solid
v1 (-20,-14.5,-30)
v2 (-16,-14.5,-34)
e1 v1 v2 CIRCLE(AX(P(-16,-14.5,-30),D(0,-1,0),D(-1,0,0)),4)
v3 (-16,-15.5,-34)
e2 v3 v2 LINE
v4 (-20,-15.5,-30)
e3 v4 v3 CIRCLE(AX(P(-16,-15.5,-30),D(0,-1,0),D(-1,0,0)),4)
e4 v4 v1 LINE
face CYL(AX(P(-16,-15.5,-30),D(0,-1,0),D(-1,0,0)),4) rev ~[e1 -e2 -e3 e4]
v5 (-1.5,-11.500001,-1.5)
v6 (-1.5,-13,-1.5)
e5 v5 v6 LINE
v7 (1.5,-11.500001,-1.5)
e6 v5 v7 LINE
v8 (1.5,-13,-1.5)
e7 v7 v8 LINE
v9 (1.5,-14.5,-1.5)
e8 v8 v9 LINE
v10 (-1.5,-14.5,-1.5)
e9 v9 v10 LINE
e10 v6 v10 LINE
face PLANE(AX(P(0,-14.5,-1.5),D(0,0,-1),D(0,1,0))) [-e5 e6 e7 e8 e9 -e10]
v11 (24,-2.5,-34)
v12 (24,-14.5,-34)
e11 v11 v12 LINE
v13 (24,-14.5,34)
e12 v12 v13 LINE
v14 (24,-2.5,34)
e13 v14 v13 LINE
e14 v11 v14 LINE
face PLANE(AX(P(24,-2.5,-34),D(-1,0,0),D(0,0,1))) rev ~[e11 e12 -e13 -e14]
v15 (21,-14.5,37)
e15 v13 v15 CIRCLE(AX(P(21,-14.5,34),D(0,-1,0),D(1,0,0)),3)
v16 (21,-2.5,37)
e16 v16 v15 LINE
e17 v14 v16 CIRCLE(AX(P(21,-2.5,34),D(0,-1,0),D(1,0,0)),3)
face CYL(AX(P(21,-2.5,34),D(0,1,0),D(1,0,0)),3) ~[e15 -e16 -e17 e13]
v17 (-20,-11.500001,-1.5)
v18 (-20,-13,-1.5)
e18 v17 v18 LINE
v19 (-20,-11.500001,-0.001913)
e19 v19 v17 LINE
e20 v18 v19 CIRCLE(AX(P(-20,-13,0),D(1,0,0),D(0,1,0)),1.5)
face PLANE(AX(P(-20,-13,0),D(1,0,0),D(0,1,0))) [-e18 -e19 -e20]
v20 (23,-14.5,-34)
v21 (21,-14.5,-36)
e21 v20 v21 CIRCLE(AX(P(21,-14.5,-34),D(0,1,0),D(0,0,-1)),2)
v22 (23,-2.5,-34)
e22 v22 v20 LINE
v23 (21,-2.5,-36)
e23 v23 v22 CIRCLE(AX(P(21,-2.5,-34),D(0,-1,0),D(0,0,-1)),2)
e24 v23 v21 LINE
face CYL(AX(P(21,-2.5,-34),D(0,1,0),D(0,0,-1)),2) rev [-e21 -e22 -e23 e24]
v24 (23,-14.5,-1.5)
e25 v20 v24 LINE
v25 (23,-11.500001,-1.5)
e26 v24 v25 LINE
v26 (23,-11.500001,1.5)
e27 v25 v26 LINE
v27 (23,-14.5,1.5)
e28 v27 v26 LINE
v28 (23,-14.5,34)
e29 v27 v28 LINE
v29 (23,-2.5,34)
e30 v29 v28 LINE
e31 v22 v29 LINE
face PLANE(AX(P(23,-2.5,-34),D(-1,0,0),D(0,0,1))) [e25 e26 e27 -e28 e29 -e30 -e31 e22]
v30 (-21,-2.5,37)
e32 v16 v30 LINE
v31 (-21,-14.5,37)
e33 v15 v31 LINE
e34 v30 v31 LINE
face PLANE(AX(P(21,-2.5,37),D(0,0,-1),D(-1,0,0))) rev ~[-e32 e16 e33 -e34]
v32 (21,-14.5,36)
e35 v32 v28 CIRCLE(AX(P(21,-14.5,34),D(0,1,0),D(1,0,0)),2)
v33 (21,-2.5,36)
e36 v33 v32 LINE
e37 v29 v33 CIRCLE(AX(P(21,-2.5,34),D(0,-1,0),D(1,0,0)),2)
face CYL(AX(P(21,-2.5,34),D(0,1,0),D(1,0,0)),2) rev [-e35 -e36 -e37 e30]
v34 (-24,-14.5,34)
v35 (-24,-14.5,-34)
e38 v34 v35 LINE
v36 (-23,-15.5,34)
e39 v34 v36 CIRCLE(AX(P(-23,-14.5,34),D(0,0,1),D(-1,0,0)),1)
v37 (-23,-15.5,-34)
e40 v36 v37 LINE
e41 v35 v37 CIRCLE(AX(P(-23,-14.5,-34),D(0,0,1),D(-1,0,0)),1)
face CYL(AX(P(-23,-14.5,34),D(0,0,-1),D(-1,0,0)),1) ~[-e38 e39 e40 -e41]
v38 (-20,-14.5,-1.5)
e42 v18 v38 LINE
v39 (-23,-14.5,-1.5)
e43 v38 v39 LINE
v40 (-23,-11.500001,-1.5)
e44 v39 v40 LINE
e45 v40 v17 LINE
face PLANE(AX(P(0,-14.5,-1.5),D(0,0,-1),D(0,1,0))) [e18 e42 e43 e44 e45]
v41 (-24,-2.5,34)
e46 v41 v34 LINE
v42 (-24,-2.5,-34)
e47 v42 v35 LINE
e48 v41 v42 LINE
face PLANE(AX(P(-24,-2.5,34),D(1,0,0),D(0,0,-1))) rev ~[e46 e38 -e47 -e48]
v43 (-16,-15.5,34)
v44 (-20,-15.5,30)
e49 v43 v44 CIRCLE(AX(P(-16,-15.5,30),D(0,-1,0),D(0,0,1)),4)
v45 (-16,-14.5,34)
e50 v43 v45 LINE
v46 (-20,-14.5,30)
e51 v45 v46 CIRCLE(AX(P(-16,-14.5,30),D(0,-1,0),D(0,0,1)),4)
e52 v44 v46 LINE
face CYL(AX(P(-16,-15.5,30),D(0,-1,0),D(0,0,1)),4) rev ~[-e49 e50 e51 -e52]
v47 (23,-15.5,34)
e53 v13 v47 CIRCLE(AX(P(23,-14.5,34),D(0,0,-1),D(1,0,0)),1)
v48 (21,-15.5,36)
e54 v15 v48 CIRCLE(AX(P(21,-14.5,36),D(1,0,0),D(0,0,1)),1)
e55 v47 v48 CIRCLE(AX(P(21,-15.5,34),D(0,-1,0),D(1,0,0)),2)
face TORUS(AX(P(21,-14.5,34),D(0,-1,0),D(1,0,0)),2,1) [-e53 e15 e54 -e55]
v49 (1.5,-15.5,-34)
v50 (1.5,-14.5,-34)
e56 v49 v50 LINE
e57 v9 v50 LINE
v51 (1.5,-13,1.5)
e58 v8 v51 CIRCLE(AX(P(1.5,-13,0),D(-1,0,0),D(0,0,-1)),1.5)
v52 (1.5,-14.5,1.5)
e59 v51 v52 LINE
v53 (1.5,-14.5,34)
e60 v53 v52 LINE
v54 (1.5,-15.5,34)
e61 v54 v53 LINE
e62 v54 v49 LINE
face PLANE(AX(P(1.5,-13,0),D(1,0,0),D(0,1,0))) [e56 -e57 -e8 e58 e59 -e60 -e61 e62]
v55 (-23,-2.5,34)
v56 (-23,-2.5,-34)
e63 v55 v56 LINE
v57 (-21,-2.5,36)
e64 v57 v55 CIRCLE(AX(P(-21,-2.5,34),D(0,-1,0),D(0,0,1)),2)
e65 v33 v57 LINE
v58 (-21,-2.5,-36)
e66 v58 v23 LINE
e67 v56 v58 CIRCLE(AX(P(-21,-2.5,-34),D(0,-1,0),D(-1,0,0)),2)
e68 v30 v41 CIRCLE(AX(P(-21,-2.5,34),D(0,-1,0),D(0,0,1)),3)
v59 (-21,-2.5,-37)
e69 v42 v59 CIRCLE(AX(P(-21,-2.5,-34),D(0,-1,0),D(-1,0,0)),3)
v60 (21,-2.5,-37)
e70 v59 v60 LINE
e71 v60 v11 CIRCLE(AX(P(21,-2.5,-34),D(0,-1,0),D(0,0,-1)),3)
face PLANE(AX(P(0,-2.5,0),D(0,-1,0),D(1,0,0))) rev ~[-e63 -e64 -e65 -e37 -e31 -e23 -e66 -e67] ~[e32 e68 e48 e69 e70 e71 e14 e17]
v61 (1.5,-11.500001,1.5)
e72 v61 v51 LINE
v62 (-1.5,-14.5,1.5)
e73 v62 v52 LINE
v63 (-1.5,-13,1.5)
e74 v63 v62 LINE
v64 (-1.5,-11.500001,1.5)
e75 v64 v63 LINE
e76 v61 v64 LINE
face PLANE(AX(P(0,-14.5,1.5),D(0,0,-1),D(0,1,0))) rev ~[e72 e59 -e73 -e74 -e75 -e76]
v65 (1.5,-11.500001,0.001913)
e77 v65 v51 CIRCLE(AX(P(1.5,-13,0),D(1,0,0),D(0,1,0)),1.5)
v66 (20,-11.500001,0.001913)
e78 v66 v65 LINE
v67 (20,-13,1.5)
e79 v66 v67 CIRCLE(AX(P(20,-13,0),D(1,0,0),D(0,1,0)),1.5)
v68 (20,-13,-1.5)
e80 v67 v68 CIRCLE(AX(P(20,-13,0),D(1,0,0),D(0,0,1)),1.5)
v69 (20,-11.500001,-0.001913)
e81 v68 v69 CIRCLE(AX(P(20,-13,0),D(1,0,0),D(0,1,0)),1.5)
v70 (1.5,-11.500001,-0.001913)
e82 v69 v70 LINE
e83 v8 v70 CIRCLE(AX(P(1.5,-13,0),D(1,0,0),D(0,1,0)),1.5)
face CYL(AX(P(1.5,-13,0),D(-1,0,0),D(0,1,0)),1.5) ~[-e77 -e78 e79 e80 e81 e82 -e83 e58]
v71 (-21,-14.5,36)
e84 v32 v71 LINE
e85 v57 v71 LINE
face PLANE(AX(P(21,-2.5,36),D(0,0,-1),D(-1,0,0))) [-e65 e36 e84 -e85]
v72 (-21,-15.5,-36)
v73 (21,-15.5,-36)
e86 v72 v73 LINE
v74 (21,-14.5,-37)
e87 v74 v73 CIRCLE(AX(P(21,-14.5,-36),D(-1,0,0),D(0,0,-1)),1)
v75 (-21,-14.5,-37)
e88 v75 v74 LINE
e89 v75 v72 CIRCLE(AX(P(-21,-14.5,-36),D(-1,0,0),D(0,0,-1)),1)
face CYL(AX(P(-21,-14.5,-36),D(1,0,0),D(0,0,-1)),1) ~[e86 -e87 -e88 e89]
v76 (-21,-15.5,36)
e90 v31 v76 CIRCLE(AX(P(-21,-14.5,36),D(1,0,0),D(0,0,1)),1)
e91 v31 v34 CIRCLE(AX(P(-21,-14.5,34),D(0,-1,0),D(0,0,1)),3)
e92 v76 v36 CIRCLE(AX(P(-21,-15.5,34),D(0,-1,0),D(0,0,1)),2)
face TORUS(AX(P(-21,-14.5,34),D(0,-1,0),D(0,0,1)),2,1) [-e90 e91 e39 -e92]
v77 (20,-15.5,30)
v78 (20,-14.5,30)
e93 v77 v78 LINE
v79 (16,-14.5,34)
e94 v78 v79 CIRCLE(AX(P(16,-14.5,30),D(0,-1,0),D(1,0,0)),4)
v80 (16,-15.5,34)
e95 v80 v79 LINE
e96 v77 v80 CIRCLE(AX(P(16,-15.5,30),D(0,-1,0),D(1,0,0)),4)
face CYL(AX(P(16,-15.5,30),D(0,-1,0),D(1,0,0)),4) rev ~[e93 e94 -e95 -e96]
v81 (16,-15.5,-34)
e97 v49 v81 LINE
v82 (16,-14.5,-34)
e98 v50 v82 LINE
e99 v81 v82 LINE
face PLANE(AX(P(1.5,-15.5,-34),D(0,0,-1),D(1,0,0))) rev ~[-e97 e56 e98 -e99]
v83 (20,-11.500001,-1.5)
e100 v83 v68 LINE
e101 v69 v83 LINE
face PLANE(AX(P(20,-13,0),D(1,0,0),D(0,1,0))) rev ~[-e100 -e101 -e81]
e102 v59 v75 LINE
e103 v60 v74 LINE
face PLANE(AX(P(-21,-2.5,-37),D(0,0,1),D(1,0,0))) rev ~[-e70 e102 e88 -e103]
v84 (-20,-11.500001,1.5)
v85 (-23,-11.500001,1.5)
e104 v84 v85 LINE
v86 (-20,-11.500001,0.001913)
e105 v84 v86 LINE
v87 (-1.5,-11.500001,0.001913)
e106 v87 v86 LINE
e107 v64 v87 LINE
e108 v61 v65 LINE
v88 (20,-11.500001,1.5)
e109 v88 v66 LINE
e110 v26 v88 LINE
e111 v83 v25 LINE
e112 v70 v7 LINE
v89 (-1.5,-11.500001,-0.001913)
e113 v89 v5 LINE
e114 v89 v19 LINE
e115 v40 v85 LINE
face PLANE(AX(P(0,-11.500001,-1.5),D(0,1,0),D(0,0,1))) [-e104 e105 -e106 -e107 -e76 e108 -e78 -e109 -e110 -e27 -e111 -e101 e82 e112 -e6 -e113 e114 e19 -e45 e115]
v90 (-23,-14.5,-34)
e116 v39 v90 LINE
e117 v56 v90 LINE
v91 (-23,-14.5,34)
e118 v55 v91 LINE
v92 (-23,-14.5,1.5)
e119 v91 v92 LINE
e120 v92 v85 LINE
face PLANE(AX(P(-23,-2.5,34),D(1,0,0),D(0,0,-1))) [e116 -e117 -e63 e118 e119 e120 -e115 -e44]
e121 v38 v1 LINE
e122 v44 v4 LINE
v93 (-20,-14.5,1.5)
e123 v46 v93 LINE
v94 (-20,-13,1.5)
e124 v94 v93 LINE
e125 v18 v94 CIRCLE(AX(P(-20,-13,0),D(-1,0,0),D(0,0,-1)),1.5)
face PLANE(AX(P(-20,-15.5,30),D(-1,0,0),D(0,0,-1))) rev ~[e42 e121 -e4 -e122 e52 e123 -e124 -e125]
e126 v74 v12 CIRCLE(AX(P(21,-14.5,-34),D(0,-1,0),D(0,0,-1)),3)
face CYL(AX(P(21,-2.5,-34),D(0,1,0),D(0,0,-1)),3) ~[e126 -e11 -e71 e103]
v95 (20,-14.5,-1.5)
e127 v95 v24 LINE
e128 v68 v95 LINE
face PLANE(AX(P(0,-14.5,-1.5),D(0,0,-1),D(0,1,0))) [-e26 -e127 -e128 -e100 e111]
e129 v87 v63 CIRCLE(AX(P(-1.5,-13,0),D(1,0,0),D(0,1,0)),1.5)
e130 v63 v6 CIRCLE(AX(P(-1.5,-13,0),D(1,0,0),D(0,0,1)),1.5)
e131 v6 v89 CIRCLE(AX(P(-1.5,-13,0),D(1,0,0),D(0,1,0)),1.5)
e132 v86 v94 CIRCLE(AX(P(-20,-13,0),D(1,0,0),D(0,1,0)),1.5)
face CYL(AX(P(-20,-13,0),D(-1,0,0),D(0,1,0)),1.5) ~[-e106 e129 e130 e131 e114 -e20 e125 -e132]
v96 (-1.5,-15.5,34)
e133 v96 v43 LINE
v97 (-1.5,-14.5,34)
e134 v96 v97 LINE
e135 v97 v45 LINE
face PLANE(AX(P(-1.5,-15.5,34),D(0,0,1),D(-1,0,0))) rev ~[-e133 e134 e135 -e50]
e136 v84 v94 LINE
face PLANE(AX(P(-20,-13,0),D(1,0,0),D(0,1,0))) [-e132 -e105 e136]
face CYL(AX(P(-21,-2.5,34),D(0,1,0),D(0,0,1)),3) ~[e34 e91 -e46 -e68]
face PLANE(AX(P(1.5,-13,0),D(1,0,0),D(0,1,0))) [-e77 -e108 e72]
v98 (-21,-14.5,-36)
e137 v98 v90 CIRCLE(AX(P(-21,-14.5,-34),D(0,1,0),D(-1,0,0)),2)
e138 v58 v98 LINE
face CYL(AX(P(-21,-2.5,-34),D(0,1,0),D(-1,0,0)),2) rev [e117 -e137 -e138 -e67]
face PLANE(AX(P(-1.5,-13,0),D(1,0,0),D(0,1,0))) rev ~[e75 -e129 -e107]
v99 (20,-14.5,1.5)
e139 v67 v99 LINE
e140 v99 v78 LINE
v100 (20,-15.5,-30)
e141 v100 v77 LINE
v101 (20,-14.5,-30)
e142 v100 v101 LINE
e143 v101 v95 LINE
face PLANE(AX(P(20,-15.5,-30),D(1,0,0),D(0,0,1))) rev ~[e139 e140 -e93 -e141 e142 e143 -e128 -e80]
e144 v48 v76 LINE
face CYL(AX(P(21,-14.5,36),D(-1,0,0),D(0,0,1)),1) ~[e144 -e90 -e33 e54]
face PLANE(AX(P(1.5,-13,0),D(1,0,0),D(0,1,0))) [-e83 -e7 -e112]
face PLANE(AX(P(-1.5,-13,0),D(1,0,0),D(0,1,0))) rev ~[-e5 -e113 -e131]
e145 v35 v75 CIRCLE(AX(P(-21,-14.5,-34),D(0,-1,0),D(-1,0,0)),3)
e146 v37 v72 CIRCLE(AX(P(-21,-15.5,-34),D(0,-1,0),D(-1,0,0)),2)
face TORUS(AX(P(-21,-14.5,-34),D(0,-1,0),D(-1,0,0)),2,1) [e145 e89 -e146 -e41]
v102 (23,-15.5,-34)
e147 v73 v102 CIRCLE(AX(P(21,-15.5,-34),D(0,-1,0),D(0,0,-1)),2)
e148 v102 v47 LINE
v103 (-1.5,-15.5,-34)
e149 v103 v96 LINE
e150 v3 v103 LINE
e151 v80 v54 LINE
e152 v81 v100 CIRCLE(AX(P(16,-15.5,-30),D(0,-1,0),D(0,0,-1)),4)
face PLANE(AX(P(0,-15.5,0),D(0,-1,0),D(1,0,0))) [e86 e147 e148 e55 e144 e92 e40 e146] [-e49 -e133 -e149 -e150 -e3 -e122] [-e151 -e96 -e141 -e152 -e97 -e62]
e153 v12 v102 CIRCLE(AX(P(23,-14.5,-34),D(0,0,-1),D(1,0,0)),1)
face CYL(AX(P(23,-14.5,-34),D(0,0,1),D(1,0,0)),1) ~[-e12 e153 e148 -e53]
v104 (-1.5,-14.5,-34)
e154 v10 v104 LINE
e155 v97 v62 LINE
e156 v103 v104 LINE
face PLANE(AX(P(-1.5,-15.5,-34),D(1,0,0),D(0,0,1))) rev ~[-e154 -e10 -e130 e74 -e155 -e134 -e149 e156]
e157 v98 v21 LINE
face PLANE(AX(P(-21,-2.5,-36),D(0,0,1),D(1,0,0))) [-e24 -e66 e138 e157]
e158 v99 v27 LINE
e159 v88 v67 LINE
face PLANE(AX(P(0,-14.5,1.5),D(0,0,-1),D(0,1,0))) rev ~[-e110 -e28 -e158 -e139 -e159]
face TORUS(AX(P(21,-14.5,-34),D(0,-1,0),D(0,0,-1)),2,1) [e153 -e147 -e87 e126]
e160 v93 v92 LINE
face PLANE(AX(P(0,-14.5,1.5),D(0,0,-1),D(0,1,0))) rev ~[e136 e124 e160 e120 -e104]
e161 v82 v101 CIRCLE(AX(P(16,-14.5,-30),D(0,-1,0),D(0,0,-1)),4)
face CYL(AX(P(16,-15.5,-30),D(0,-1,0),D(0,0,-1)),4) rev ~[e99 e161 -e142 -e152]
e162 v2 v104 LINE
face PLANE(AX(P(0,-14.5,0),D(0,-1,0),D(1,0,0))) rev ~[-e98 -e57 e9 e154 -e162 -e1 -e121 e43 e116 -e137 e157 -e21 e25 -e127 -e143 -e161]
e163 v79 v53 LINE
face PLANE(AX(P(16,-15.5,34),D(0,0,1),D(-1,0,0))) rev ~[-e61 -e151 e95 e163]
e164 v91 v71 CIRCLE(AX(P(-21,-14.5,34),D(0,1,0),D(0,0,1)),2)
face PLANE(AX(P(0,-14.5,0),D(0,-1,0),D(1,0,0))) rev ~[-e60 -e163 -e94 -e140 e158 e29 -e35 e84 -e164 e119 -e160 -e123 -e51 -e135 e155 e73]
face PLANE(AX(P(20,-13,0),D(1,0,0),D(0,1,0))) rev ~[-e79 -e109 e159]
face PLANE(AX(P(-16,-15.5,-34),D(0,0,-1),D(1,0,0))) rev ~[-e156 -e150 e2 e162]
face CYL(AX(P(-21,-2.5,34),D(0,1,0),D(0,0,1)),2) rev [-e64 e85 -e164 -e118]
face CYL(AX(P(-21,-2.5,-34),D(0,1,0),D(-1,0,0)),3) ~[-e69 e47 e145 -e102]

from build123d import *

# Parameters (mm, degrees)
F1_START      = 2.5
F1_DEPTH      = 13
F2_T          = -1
F3_R          = 1
F5_DEPTH      = 13.001
F6_W          = 2.9999987804
F6_H          = 3
F7_DEPTH      = 23
F7_DEPTH_BACK = 23
F8_W          = 4
F8_H          = 4
F8_R          = 1.5
F9_DEPTH      = 18.5
F10_W         = 4
F10_H         = 4
F10_R         = 1.5
F11_DEPTH     = 18.5


with BuildPart() as f1:
    # F0 (on Front) → F1 (new body)
    with BuildSketch(Plane.XZ.offset(F1_START)):
        with BuildLine():
            ThreePointArc((24, 34), (23.1213203436, 36.1213203436), (21, 37))
            Line((21, 37), (-21, 37))
            ThreePointArc((-21, 37), (-23.1213203436, 36.1213203436), (-24, 34))
            Line((-24, 34), (-24, -34))
            ThreePointArc((-24, -34), (-23.1213203436, -36.1213203436), (-21, -37))
            Line((-21, -37), (21, -37))
            ThreePointArc((21, -37), (23.1213203436, -36.1213203436), (24, -34))
            Line((24, -34), (24, 34))
        make_face()
    extrude(amount=F1_DEPTH)

    # F2
    f2_openings = [f1.faces().sort_by_distance(p)[0] for p in [
        (0, -2.5, 0),
    ]]
    offset(amount=F2_T, openings=f2_openings)

    # F3
    f3_edges = [f1.edges().sort_by_distance(p)[0] for p in [
        (-24, -15.5, 0),
    ]]
    fillet(f3_edges, radius=F3_R)

    # F4 (on face) → F5 (cut, through all)
    with BuildSketch(Plane.XZ.offset(15.5)):
        with BuildLine():
            Line((20, -30), (20, 30))
            ThreePointArc((20, 30), (18.8284271247, 32.8284271247), (16, 34))
            Line((16, 34), (1.5, 34))
            Line((1.5, 34), (1.5, -34))
            Line((1.5, -34), (16, -34))
            ThreePointArc((16, -34), (18.8284271247, -32.8284271247), (20, -30))
        make_face()
        with BuildLine():
            ThreePointArc((-16, 34), (-18.8284271247, 32.8284271247), (-20, 30))
            Line((-20, 30), (-20, -30))
            ThreePointArc((-20, -30), (-18.8284271247, -32.8284271247), (-16, -34))
            Line((-16, -34), (-1.5, -34))
            Line((-1.5, -34), (-1.5, 34))
            Line((-1.5, 34), (-16, 34))
        make_face()
    extrude(amount=-F5_DEPTH, mode=Mode.SUBTRACT)

    # F6 (on Right) → F7 (join, two sides)
    with BuildSketch(Plane.YZ) as f7_sk:
        with Locations((-13.0000006098, 0)):
            Rectangle(F6_W, F6_H)
    extrude(amount=F7_DEPTH)
    extrude(f7_sk.sketch, amount=-F7_DEPTH_BACK)

    # F8 (on face) → F9 (cut, through all)
    with BuildSketch(Plane.YZ.offset(1.5)):
        with Locations((-13, 0)):
            Rectangle(F8_W, F8_H)
        with Locations((-13, 0)):
            Circle(F8_R, mode=Mode.SUBTRACT)
    extrude(amount=F9_DEPTH, mode=Mode.SUBTRACT)

    # F10 (on face) → F11 (cut, through all)
    with BuildSketch(Plane.YZ.offset(-20)):
        with Locations((-13, 0)):
            Rectangle(F10_W, F10_H)
        with Locations((-13, 0)):
            Circle(F10_R, mode=Mode.SUBTRACT)
    extrude(amount=F11_DEPTH, mode=Mode.SUBTRACT)


solid = f1.part
